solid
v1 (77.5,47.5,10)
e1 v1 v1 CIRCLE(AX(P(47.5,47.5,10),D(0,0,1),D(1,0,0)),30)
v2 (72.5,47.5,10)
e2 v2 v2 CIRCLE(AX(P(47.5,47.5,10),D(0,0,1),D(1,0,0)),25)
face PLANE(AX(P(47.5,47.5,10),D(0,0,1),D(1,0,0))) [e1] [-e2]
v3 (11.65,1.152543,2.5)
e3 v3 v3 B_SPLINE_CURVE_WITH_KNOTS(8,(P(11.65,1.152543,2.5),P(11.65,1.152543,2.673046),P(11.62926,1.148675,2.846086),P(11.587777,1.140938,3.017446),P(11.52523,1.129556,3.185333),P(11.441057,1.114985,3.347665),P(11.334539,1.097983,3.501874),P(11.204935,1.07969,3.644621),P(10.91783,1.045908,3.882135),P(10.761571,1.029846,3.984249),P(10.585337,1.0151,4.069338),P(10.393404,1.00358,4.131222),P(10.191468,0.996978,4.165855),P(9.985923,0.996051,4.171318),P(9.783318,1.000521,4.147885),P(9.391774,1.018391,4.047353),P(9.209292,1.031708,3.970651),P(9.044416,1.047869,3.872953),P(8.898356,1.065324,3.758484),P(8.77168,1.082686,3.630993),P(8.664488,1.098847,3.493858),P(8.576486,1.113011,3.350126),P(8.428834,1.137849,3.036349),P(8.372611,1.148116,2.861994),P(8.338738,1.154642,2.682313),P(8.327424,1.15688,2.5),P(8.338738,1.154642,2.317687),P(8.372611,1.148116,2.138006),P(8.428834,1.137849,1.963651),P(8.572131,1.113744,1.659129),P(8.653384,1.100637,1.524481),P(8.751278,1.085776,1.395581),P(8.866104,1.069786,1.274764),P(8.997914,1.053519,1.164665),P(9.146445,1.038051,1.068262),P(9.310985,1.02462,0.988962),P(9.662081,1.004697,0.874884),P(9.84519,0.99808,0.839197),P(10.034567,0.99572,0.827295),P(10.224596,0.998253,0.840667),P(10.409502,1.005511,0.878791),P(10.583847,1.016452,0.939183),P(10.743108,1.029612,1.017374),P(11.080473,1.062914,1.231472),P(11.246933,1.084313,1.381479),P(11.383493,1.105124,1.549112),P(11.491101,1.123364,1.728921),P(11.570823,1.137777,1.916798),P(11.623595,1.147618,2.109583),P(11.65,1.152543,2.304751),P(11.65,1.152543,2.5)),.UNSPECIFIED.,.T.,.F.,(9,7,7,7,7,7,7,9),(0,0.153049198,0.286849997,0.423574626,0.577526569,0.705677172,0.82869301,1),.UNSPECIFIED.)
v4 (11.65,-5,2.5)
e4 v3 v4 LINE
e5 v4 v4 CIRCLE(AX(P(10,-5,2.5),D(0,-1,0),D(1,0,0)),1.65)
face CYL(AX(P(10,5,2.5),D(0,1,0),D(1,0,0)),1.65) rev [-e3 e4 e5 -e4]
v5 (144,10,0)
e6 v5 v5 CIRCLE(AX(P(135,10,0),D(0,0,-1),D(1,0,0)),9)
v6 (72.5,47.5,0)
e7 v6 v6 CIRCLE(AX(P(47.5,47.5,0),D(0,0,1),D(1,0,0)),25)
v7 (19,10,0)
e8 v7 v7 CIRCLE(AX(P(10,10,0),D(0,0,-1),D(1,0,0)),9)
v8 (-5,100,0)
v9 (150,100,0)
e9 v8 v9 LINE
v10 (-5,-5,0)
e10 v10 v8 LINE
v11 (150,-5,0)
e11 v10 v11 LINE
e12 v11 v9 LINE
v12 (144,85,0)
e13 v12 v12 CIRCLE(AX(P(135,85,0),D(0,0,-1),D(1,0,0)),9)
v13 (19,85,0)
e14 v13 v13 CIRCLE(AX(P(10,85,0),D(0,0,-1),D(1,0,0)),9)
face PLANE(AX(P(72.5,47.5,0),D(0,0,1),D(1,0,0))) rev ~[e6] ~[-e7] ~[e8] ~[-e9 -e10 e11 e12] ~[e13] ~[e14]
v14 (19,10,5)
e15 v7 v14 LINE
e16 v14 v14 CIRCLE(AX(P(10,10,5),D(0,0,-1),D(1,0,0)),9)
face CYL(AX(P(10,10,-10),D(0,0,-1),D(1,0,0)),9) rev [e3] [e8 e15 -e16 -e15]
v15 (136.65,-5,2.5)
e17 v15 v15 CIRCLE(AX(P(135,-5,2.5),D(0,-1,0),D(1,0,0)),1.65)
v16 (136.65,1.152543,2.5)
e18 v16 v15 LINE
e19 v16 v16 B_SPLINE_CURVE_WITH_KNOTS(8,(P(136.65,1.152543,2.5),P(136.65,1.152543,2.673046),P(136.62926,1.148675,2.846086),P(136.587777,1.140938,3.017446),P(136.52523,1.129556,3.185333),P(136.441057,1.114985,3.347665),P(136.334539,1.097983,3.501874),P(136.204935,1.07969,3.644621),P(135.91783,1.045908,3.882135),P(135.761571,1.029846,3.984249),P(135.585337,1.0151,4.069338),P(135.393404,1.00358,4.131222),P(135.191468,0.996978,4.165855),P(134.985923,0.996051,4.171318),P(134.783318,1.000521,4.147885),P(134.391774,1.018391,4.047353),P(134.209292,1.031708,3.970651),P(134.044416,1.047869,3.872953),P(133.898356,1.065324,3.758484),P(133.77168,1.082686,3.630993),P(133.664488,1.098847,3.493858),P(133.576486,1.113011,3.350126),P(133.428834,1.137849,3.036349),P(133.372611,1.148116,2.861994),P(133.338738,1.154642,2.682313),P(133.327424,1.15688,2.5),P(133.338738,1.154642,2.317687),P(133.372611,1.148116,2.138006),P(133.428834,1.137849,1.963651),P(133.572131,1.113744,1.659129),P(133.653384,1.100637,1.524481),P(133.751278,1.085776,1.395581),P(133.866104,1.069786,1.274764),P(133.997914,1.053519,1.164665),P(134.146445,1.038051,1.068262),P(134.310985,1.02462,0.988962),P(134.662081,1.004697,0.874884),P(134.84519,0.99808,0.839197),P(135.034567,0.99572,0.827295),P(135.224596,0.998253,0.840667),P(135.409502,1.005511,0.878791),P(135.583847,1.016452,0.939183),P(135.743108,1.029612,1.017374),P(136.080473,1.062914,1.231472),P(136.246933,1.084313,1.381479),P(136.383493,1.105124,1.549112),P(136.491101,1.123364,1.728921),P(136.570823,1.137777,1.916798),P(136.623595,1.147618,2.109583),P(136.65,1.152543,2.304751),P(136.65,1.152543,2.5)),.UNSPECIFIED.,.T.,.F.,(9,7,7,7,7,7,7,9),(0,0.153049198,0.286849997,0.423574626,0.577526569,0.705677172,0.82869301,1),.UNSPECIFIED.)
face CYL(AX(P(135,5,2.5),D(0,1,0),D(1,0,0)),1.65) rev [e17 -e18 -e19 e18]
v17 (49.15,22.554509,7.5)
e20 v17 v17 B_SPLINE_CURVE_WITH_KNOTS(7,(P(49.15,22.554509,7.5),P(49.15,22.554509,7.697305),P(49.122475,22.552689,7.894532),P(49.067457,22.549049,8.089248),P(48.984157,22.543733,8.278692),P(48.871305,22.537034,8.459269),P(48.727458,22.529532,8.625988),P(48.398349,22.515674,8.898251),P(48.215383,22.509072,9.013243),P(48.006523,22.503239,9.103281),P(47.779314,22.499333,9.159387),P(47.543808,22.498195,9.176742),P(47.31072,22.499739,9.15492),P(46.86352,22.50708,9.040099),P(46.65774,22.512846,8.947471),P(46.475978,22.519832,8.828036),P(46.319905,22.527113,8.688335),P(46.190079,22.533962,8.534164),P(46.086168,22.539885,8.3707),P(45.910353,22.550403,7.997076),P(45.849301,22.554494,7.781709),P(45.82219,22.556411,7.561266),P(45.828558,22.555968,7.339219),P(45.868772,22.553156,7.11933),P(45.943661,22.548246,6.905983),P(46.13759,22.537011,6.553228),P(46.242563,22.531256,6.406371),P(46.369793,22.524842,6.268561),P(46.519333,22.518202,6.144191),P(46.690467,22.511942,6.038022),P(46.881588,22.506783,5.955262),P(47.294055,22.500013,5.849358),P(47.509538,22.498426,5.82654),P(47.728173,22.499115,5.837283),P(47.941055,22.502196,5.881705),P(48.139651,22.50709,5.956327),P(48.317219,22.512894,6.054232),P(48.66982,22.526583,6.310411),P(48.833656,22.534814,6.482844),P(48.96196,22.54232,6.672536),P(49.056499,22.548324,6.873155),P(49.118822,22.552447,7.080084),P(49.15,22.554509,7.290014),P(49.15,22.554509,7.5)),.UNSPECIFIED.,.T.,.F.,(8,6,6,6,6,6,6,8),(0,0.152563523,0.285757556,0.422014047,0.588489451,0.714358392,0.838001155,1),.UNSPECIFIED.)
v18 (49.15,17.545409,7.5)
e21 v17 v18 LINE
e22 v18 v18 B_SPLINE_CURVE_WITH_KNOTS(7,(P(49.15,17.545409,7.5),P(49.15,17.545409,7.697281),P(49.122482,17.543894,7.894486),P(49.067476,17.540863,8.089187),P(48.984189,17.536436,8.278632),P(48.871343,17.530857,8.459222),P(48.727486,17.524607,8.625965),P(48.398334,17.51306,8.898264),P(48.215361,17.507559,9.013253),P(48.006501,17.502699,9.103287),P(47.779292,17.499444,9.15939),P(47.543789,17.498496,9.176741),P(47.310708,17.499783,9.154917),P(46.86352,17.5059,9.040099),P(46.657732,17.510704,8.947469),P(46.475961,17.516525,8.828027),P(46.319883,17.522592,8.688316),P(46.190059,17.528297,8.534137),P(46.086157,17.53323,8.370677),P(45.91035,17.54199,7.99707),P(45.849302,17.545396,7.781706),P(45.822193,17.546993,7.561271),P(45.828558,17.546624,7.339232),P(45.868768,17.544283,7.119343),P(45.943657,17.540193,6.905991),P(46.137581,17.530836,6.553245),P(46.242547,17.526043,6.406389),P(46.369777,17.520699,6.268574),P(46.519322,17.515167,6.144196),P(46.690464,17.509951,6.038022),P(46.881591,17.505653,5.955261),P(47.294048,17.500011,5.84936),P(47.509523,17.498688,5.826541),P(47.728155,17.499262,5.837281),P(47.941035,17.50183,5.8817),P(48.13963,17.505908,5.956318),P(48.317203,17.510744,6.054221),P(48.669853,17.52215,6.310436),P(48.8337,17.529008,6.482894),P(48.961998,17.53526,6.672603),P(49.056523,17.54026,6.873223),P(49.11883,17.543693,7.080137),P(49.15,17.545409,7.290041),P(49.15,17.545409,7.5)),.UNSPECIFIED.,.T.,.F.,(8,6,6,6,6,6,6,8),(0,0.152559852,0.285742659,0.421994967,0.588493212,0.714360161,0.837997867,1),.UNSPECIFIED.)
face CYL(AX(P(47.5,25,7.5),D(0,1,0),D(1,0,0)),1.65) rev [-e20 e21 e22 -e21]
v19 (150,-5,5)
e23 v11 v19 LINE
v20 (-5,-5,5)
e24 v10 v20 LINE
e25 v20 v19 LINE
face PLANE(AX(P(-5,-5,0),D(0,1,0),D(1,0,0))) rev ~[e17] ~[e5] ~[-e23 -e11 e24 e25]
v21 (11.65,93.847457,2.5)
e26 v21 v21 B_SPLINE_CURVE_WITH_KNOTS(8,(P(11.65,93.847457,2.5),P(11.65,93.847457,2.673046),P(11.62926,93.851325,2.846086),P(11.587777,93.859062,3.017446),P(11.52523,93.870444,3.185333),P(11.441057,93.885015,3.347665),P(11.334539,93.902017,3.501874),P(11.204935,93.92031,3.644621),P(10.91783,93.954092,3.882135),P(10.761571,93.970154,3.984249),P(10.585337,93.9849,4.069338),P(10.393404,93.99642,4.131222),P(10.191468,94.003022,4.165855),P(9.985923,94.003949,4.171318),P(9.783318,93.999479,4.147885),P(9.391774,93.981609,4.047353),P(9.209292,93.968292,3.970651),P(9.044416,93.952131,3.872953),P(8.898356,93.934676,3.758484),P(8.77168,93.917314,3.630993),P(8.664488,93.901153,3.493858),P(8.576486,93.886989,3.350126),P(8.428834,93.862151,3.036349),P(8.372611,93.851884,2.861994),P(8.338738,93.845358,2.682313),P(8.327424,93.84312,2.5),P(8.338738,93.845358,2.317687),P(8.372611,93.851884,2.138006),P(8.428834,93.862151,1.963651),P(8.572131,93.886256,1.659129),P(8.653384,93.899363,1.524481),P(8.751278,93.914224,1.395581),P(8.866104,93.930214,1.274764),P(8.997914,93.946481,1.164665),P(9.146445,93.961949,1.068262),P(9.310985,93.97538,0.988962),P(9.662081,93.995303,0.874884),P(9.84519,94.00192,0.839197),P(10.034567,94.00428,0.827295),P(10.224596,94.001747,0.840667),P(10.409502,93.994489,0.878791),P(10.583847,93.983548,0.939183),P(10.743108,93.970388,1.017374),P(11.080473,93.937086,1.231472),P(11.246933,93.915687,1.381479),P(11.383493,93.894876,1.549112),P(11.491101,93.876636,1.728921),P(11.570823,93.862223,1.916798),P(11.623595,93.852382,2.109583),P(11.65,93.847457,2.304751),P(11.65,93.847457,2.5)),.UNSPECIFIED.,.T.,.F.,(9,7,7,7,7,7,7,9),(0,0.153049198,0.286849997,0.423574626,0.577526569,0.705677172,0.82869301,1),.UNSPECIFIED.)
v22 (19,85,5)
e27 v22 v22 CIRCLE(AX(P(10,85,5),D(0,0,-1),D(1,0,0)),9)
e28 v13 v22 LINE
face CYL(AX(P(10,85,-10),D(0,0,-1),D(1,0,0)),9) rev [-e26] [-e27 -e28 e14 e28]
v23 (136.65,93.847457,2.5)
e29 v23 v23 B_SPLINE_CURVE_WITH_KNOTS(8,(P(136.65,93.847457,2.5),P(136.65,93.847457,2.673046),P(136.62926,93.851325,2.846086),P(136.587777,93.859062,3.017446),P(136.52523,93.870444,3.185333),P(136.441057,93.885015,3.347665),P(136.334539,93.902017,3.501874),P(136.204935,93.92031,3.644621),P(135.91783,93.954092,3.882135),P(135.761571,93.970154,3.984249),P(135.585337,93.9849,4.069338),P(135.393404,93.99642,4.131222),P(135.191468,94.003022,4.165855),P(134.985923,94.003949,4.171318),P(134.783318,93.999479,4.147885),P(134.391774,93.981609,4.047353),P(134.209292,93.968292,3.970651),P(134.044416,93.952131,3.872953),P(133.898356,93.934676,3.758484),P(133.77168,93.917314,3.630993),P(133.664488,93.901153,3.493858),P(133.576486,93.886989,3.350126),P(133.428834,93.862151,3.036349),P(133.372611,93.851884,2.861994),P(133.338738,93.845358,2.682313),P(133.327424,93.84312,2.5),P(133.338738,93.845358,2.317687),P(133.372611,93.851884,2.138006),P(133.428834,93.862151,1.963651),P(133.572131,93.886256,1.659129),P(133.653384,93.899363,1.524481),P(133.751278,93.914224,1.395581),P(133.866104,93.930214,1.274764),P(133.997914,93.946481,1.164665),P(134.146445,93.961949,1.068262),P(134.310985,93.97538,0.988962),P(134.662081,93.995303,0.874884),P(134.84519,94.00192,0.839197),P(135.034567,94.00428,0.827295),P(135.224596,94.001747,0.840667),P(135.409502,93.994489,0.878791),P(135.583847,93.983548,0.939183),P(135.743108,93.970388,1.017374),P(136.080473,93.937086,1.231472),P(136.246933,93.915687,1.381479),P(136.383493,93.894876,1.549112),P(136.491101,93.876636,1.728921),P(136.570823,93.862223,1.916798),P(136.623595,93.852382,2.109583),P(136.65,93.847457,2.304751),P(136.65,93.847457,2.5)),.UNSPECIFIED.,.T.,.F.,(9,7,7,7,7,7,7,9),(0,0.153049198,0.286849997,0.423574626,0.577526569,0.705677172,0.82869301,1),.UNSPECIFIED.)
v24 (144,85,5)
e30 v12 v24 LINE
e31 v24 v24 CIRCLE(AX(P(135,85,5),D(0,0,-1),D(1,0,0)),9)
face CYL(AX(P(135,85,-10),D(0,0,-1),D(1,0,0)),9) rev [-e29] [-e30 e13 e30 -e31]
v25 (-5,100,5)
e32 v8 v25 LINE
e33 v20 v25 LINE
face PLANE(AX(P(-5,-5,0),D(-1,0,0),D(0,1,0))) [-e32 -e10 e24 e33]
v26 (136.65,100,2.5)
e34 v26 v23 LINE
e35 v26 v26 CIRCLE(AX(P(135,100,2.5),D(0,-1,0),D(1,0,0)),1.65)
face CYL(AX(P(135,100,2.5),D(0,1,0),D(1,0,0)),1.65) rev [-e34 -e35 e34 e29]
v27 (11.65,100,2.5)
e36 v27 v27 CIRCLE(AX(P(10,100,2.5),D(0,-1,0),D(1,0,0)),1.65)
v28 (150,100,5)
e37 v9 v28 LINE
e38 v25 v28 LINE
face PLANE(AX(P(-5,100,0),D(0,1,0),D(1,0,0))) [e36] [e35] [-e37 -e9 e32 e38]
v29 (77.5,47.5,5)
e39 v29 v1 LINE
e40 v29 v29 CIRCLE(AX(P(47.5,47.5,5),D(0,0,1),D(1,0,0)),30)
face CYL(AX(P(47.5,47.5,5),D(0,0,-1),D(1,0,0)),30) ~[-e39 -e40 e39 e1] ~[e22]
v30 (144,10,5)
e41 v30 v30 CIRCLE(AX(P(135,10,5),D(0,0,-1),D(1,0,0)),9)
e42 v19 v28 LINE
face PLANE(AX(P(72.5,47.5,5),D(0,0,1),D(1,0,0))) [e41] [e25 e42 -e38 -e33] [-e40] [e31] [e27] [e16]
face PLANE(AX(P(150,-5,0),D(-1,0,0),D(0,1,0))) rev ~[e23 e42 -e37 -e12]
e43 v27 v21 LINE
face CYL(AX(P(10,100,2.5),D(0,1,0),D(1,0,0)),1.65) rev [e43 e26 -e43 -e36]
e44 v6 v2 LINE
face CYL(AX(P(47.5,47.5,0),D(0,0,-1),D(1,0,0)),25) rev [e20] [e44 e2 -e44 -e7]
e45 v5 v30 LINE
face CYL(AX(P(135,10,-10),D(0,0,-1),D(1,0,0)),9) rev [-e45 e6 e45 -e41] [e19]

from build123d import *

# Parameters (mm, degrees)
CYLINDER013_R     = 1.65
CYLINDER013_DEPTH = 10
CYLINDER012_R     = 25
CYLINDER012_DEPTH = 10
CYLINDER004_R     = 1.65
CYLINDER004_DEPTH = 10
CYLINDER005_R     = 1.65
CYLINDER005_DEPTH = 10
CYLINDER006_R     = 1.65
CYLINDER006_DEPTH = 10
CYLINDER007_R     = 1.65
CYLINDER007_DEPTH = 10
CYLINDER001_R     = 9
CYLINDER001_DEPTH = 100
CYLINDER002_R     = 9
CYLINDER002_DEPTH = 100
CYLINDER003_R     = 9
CYLINDER003_DEPTH = 100
CYLINDER_R        = 9
CYLINDER_DEPTH    = 100
BOX_W             = 155
BOX_H             = 105
BOX_DEPTH         = 5
CYLINDER009_R     = 25
CYLINDER009_DEPTH = 10
CYLINDER008_R     = 30
CYLINDER008_DEPTH = 5


with BuildPart() as zylinder013:
    # Cylinder013 → Cylinder013 (new body)
    with BuildSketch(Plane(origin=(47.5, 25, 7.5), x_dir=(1, 0, 0), z_dir=(0, -1, 0))):
        Circle(CYLINDER013_R)
    extrude(amount=CYLINDER013_DEPTH)


with BuildPart() as zylinder012:
    # Cylinder012 → Cylinder012 (new body)
    with BuildSketch(Plane(origin=(47.5, 47.5, 0), x_dir=(1, 0, 0), z_dir=(0, 0, 1))):
        Circle(CYLINDER012_R)
    extrude(amount=CYLINDER012_DEPTH)


with BuildPart() as zylinder004:
    # Cylinder004 → Cylinder004 (new body)
    with BuildSketch(Plane(origin=(10, 5, 2.5), x_dir=(1, 0, 0), z_dir=(0, -1, 0))):
        Circle(CYLINDER004_R)
    extrude(amount=CYLINDER004_DEPTH)


with BuildPart() as zylinder005:
    # Cylinder005 → Cylinder005 (new body)
    with BuildSketch(Plane(origin=(10, 100, 2.5), x_dir=(1, 0, 0), z_dir=(0, -1, 0))):
        Circle(CYLINDER005_R)
    extrude(amount=CYLINDER005_DEPTH)


with BuildPart() as zylinder006:
    # Cylinder006 → Cylinder006 (new body)
    with BuildSketch(Plane(origin=(135, 5, 2.5), x_dir=(1, 0, 0), z_dir=(0, -1, 0))):
        Circle(CYLINDER006_R)
    extrude(amount=CYLINDER006_DEPTH)


with BuildPart() as compound001:
    # Cylinder007 → Cylinder007 (new body)
    with BuildSketch(Plane(origin=(135, 100, 2.5), x_dir=(1, 0, 0), z_dir=(0, -1, 0))):
        Circle(CYLINDER007_R)
    extrude(amount=CYLINDER007_DEPTH)

    # Compound001: union Zylinder004, Zylinder005, Zylinder006
    add(zylinder004.part)
    add(zylinder005.part)
    add(zylinder006.part)


with BuildPart() as zylinder001:
    # Cylinder001 → Cylinder001 (new body)
    with BuildSketch(Plane(origin=(135, 85, -10), x_dir=(1, 0, 0), z_dir=(0, 0, 1))):
        Circle(CYLINDER001_R)
    extrude(amount=CYLINDER001_DEPTH)


with BuildPart() as zylinder002:
    # Cylinder002 → Cylinder002 (new body)
    with BuildSketch(Plane(origin=(10, 85, -10), x_dir=(1, 0, 0), z_dir=(0, 0, 1))):
        Circle(CYLINDER002_R)
    extrude(amount=CYLINDER002_DEPTH)


with BuildPart() as zylinder003:
    # Cylinder003 → Cylinder003 (new body)
    with BuildSketch(Plane(origin=(135, 10, -10), x_dir=(1, 0, 0), z_dir=(0, 0, 1))):
        Circle(CYLINDER003_R)
    extrude(amount=CYLINDER003_DEPTH)


with BuildPart() as posts1:
    # Cylinder → Cylinder (new body)
    with BuildSketch(Plane(origin=(10, 10, -10), x_dir=(1, 0, 0), z_dir=(0, 0, 1))):
        Circle(CYLINDER_R)
    extrude(amount=CYLINDER_DEPTH)

    # Compound: union Zylinder001, Zylinder002, Zylinder003
    add(zylinder001.part)
    add(zylinder002.part)
    add(zylinder003.part)


with BuildPart() as cut004:
    # Box → Box (new body)
    with BuildSketch(Plane(origin=(-5, -5, 0), x_dir=(1, 0, 0), z_dir=(0, 0, 1))):
        with Locations((77.5, 52.5)):
            Rectangle(BOX_W, BOX_H)
    extrude(amount=BOX_DEPTH)

    # Cut: cut Posts1
    add(posts1.part, mode=Mode.SUBTRACT)

    # Cut001: cut Compound001
    add(compound001.part, mode=Mode.SUBTRACT)

    # Cut004: cut Zylinder012
    add(zylinder012.part, mode=Mode.SUBTRACT)


with BuildPart() as zylinder009:
    # Cylinder009 → Cylinder009 (new body)
    with BuildSketch(Plane(origin=(47.5, 47.5, 0), x_dir=(1, 0, 0), z_dir=(0, 0, 1))):
        Circle(CYLINDER009_R)
    extrude(amount=CYLINDER009_DEPTH)


with BuildPart() as plate:
    # Cylinder008 → Cylinder008 (new body)
    with BuildSketch(Plane(origin=(47.5, 47.5, 5), x_dir=(1, 0, 0), z_dir=(0, 0, 1))):
        Circle(CYLINDER008_R)
    extrude(amount=CYLINDER008_DEPTH)

    # Cut002: cut Zylinder009
    add(zylinder009.part, mode=Mode.SUBTRACT)

    # Fusion: union Cut004
    add(cut004.part)

    # Cut005: cut Zylinder013
    add(zylinder013.part, mode=Mode.SUBTRACT)


solid = plate.part
